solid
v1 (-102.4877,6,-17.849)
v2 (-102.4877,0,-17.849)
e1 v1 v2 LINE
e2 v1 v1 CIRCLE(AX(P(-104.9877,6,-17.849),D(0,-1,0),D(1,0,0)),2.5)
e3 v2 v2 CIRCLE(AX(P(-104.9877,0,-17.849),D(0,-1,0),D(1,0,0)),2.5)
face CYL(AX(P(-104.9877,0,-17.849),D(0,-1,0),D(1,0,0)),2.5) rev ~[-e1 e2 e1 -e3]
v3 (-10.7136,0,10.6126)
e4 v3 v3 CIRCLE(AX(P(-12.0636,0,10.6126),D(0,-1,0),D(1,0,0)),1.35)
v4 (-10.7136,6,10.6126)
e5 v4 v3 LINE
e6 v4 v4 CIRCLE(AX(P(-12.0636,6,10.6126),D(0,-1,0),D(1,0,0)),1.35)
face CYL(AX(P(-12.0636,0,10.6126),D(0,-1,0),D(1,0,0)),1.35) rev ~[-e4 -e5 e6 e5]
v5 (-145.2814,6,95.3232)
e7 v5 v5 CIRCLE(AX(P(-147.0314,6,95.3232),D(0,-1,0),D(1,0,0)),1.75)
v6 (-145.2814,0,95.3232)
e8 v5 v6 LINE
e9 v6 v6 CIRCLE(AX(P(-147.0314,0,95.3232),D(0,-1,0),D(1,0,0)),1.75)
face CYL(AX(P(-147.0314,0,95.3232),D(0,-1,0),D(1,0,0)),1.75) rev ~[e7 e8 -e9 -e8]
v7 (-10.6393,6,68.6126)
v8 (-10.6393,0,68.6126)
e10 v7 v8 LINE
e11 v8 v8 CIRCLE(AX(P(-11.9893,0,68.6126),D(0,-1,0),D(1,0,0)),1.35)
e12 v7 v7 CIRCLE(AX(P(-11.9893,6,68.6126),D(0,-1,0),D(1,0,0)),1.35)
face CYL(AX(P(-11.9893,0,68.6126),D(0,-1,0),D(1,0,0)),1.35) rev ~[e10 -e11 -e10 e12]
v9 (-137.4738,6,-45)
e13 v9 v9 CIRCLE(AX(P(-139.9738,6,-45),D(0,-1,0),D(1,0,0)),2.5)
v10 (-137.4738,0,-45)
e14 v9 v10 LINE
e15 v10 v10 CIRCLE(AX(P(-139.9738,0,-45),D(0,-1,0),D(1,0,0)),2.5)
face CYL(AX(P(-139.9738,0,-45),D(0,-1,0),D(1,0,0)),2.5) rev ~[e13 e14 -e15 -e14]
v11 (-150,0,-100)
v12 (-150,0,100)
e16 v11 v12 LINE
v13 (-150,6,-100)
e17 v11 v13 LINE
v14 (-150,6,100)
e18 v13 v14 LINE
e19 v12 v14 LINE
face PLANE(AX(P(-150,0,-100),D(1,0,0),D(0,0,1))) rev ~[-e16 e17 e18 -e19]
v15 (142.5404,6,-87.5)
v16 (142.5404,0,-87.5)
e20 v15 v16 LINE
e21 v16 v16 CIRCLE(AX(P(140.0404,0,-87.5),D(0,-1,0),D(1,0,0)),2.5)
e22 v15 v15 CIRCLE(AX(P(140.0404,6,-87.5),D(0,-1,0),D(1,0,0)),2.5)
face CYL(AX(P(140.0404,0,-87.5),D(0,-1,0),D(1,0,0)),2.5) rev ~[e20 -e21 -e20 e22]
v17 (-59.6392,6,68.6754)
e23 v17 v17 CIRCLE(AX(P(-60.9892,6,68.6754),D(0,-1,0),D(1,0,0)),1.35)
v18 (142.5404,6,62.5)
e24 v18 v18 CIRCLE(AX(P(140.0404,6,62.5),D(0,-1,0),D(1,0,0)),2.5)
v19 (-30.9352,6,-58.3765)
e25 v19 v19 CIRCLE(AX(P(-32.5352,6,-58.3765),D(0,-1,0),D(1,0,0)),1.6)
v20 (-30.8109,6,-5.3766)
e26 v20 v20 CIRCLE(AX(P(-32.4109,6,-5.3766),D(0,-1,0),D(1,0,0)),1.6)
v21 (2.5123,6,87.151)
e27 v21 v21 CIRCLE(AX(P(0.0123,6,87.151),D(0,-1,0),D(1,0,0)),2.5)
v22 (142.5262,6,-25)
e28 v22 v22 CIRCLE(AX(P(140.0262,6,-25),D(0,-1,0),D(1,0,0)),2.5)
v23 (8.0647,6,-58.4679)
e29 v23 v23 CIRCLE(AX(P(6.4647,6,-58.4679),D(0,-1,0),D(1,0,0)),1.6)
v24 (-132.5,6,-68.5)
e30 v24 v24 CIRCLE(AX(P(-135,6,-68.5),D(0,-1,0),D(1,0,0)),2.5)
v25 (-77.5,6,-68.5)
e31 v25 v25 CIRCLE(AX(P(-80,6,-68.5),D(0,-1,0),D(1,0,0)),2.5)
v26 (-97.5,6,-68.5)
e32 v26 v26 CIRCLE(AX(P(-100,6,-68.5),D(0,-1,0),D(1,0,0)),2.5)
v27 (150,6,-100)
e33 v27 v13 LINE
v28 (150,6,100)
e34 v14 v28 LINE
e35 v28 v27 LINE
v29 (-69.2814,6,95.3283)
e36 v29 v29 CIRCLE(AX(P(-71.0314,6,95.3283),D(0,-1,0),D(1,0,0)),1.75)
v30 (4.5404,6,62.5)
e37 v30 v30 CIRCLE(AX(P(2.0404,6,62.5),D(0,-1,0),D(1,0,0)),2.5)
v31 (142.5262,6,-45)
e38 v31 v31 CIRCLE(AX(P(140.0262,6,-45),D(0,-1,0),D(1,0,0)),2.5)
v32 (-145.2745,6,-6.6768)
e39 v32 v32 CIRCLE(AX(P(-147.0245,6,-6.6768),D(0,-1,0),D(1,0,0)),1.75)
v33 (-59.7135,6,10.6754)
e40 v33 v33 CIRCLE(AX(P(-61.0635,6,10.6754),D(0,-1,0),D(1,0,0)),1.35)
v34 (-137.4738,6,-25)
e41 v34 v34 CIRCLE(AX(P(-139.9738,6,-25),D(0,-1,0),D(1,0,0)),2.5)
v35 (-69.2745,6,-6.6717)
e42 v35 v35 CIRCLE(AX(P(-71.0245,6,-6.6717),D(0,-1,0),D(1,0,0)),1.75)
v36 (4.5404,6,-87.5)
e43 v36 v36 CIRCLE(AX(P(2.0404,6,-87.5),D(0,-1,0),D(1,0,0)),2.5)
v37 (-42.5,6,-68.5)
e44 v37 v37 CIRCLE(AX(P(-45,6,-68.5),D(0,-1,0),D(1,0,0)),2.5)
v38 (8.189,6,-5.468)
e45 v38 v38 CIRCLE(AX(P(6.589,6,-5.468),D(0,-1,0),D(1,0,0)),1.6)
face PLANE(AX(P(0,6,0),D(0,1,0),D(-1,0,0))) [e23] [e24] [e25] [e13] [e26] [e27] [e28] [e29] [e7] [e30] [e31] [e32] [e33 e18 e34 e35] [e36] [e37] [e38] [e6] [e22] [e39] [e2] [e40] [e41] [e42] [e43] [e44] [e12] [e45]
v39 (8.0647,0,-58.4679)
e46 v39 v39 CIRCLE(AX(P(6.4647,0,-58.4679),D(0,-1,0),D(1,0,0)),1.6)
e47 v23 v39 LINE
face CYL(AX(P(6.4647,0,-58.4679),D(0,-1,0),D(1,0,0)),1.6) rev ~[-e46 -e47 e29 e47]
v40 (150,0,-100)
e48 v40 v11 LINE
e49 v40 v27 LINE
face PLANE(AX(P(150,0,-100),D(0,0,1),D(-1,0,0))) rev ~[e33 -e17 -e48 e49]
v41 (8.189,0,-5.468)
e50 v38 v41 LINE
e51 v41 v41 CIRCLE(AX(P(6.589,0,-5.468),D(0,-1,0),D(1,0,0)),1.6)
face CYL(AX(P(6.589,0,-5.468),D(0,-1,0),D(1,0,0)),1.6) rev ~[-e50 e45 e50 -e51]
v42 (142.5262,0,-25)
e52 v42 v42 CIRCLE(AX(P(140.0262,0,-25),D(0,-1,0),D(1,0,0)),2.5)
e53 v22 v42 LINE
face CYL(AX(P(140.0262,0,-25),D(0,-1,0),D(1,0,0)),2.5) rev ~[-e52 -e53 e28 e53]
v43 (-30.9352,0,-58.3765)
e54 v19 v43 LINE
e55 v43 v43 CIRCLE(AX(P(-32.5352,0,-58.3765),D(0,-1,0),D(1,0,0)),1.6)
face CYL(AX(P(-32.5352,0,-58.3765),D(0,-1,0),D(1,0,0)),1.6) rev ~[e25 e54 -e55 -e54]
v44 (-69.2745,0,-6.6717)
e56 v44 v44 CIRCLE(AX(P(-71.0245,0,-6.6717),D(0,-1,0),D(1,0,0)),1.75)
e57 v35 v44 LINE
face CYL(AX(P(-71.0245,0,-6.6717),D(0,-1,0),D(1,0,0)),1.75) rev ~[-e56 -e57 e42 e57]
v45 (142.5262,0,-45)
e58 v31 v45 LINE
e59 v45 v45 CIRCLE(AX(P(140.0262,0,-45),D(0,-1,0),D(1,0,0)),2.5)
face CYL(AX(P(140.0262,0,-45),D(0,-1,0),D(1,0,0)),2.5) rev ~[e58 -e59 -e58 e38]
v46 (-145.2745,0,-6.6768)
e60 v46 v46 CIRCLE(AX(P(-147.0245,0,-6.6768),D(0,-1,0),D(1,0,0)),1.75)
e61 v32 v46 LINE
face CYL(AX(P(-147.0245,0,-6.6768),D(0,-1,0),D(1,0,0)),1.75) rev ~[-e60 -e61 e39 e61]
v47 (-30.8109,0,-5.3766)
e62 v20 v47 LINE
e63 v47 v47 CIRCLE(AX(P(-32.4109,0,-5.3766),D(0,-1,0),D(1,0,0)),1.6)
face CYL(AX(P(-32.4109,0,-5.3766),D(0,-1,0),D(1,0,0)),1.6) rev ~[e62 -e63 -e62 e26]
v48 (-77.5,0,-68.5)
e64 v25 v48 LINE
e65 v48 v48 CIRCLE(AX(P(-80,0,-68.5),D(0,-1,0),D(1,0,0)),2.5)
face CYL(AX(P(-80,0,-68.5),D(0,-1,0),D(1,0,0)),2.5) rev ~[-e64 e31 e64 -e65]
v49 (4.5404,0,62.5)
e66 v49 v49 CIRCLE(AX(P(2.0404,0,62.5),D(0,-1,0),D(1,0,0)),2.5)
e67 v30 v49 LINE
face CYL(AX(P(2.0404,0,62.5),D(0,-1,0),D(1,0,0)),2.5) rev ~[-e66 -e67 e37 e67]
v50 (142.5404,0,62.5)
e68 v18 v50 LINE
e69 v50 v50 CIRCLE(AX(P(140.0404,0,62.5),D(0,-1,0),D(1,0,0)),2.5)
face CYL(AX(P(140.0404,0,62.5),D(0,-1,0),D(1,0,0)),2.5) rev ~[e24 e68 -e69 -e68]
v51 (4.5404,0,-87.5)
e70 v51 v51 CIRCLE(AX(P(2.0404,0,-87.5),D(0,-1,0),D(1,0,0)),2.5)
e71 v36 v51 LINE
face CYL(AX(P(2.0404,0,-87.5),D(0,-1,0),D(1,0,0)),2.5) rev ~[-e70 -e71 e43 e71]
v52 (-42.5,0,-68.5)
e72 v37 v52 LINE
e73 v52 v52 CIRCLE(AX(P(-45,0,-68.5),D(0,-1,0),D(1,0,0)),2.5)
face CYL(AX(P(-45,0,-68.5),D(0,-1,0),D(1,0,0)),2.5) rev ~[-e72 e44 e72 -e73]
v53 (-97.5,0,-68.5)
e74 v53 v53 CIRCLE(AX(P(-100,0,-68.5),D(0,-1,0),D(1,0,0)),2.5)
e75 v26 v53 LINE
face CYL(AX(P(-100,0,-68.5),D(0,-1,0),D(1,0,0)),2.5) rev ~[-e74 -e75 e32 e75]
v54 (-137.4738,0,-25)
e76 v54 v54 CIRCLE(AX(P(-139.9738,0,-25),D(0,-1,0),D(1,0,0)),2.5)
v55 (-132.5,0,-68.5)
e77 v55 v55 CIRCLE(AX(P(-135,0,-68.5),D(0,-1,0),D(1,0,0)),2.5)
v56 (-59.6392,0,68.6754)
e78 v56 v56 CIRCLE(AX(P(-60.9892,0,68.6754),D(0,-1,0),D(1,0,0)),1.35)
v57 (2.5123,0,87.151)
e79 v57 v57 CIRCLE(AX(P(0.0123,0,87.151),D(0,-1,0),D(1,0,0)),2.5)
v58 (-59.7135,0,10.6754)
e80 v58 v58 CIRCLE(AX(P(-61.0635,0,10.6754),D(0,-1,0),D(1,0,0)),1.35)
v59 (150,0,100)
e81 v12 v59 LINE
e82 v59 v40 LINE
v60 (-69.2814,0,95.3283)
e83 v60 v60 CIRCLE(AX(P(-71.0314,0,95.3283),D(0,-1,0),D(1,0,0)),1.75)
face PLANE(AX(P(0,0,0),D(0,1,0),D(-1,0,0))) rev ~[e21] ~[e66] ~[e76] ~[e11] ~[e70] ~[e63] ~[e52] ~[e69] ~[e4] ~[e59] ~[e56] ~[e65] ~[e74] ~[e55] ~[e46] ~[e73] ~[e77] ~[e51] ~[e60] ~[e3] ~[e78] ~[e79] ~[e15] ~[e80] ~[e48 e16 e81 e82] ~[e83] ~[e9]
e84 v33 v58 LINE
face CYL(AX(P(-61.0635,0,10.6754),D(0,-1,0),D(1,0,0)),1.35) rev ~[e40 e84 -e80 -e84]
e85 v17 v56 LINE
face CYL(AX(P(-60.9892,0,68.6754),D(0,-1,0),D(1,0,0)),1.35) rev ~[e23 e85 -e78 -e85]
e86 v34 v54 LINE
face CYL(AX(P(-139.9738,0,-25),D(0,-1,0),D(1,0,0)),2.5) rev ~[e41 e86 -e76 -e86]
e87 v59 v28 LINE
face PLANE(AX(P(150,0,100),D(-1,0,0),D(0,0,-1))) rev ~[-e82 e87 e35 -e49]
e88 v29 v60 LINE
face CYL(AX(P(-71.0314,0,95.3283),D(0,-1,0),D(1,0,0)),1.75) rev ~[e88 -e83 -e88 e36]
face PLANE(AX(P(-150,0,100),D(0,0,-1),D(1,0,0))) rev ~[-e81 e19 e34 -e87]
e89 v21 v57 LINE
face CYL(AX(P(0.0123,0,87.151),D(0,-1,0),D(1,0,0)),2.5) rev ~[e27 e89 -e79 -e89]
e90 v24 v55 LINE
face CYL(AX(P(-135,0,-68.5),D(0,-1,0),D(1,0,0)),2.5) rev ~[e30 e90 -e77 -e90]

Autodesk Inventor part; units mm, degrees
ref_plane "YZ Plane" through (0, 0, 0) normal (1, 0, 0) x (0, 1, 0)
ref_plane "XZ Plane" through (0, 0, 0) normal (0, 1, 0) x (-1, 0, 0)
ref_plane "XY Plane" through (0, 0, 0) normal (0, 0, 1) x (1, 0, 0)
sketch "Sketch1" plane through (0, 0, 0) normal (0, 1, 0) x (-1, 0, 0)
  line L0 (-150, -100) -> (150, -100)
  line L1 (150, -100) -> (150, 100)
  line L2 (150, 100) -> (-150, 100)
  line L3 (-150, 100) -> (-150, -100)
  line L4 (-150, -100) -> (150, 100) construction
  line L5 (150, -100) -> (-150, 100) construction
  point P0 (0, 0)
  dimension "d2" = 200
  dimension "d3" = 300
extrude "Extrusion1" add sketch "Sketch1" along normal blind 6
sketch "Sketch2" plane through (0, 0, 0) normal (0, -1, 0) x (1, 0, 0)
  circle A0 centre (-11.9893, 68.6126) radius 1.35 projected
  circle A1 centre (-32.5352, -58.3765) radius 1.6 projected
  circle A2 centre (-32.4109, -5.3766) radius 1.6 projected
  circle A3 centre (6.589, -5.468) radius 1.6 projected
  circle A4 centre (-61.0635, 10.6754) radius 1.35 projected
  circle A5 centre (6.4647, -58.4679) radius 1.6 projected
  circle A6 centre (-12.0636, 10.6126) radius 1.35 projected
  circle A7 centre (-71.0314, 95.3283) radius 1.75 projected
  circle A8 centre (-147.0245, -6.6768) radius 1.75 projected
  circle A9 centre (-71.0245, -6.6717) radius 1.75 projected
  circle A10 centre (-147.0314, 95.3232) radius 1.75 projected
  circle A11 centre (-60.9892, 68.6754) radius 1.35 projected
  circle A12 centre (2.0404, -87.5) radius 2.5 projected
  circle A13 centre (140.0404, -87.5) radius 2.5 projected
  circle A14 centre (140.0404, 62.5) radius 2.5 projected
  circle A15 centre (2.0404, 62.5) radius 2.5 projected
  circle A16 centre (-100, -68.5) radius 2.5 projected
  circle A17 centre (-135, -68.5) radius 2.5 projected
  circle A18 centre (-80, -68.5) radius 2.5 projected
  circle A19 centre (-45, -68.5) radius 2.5 projected
  circle A20 centre (140.0262, -25) radius 2.5 projected
  circle A21 centre (140.0262, -45) radius 2.5 projected
  circle A22 centre (-139.9738, -25) radius 2.5 projected
  circle A23 centre (-139.9738, -45) radius 2.5 projected
  circle A24 centre (0.0123, 87.151) radius 2.5 projected
  circle A25 centre (-104.9877, -17.849) radius 2.5 projected
  point P0 (0, 0)
extrude "Extrusion2" cut sketch "Sketch2" against normal mid plane 30
equation "\"RodDiameter\" = 8"
equation "\"VerticalBearingOD\" = 16"
equation "\"PrintingClearance\" = 0.2"
equation "\"TubeID\" = 18"
properties part number "BackPlate"
